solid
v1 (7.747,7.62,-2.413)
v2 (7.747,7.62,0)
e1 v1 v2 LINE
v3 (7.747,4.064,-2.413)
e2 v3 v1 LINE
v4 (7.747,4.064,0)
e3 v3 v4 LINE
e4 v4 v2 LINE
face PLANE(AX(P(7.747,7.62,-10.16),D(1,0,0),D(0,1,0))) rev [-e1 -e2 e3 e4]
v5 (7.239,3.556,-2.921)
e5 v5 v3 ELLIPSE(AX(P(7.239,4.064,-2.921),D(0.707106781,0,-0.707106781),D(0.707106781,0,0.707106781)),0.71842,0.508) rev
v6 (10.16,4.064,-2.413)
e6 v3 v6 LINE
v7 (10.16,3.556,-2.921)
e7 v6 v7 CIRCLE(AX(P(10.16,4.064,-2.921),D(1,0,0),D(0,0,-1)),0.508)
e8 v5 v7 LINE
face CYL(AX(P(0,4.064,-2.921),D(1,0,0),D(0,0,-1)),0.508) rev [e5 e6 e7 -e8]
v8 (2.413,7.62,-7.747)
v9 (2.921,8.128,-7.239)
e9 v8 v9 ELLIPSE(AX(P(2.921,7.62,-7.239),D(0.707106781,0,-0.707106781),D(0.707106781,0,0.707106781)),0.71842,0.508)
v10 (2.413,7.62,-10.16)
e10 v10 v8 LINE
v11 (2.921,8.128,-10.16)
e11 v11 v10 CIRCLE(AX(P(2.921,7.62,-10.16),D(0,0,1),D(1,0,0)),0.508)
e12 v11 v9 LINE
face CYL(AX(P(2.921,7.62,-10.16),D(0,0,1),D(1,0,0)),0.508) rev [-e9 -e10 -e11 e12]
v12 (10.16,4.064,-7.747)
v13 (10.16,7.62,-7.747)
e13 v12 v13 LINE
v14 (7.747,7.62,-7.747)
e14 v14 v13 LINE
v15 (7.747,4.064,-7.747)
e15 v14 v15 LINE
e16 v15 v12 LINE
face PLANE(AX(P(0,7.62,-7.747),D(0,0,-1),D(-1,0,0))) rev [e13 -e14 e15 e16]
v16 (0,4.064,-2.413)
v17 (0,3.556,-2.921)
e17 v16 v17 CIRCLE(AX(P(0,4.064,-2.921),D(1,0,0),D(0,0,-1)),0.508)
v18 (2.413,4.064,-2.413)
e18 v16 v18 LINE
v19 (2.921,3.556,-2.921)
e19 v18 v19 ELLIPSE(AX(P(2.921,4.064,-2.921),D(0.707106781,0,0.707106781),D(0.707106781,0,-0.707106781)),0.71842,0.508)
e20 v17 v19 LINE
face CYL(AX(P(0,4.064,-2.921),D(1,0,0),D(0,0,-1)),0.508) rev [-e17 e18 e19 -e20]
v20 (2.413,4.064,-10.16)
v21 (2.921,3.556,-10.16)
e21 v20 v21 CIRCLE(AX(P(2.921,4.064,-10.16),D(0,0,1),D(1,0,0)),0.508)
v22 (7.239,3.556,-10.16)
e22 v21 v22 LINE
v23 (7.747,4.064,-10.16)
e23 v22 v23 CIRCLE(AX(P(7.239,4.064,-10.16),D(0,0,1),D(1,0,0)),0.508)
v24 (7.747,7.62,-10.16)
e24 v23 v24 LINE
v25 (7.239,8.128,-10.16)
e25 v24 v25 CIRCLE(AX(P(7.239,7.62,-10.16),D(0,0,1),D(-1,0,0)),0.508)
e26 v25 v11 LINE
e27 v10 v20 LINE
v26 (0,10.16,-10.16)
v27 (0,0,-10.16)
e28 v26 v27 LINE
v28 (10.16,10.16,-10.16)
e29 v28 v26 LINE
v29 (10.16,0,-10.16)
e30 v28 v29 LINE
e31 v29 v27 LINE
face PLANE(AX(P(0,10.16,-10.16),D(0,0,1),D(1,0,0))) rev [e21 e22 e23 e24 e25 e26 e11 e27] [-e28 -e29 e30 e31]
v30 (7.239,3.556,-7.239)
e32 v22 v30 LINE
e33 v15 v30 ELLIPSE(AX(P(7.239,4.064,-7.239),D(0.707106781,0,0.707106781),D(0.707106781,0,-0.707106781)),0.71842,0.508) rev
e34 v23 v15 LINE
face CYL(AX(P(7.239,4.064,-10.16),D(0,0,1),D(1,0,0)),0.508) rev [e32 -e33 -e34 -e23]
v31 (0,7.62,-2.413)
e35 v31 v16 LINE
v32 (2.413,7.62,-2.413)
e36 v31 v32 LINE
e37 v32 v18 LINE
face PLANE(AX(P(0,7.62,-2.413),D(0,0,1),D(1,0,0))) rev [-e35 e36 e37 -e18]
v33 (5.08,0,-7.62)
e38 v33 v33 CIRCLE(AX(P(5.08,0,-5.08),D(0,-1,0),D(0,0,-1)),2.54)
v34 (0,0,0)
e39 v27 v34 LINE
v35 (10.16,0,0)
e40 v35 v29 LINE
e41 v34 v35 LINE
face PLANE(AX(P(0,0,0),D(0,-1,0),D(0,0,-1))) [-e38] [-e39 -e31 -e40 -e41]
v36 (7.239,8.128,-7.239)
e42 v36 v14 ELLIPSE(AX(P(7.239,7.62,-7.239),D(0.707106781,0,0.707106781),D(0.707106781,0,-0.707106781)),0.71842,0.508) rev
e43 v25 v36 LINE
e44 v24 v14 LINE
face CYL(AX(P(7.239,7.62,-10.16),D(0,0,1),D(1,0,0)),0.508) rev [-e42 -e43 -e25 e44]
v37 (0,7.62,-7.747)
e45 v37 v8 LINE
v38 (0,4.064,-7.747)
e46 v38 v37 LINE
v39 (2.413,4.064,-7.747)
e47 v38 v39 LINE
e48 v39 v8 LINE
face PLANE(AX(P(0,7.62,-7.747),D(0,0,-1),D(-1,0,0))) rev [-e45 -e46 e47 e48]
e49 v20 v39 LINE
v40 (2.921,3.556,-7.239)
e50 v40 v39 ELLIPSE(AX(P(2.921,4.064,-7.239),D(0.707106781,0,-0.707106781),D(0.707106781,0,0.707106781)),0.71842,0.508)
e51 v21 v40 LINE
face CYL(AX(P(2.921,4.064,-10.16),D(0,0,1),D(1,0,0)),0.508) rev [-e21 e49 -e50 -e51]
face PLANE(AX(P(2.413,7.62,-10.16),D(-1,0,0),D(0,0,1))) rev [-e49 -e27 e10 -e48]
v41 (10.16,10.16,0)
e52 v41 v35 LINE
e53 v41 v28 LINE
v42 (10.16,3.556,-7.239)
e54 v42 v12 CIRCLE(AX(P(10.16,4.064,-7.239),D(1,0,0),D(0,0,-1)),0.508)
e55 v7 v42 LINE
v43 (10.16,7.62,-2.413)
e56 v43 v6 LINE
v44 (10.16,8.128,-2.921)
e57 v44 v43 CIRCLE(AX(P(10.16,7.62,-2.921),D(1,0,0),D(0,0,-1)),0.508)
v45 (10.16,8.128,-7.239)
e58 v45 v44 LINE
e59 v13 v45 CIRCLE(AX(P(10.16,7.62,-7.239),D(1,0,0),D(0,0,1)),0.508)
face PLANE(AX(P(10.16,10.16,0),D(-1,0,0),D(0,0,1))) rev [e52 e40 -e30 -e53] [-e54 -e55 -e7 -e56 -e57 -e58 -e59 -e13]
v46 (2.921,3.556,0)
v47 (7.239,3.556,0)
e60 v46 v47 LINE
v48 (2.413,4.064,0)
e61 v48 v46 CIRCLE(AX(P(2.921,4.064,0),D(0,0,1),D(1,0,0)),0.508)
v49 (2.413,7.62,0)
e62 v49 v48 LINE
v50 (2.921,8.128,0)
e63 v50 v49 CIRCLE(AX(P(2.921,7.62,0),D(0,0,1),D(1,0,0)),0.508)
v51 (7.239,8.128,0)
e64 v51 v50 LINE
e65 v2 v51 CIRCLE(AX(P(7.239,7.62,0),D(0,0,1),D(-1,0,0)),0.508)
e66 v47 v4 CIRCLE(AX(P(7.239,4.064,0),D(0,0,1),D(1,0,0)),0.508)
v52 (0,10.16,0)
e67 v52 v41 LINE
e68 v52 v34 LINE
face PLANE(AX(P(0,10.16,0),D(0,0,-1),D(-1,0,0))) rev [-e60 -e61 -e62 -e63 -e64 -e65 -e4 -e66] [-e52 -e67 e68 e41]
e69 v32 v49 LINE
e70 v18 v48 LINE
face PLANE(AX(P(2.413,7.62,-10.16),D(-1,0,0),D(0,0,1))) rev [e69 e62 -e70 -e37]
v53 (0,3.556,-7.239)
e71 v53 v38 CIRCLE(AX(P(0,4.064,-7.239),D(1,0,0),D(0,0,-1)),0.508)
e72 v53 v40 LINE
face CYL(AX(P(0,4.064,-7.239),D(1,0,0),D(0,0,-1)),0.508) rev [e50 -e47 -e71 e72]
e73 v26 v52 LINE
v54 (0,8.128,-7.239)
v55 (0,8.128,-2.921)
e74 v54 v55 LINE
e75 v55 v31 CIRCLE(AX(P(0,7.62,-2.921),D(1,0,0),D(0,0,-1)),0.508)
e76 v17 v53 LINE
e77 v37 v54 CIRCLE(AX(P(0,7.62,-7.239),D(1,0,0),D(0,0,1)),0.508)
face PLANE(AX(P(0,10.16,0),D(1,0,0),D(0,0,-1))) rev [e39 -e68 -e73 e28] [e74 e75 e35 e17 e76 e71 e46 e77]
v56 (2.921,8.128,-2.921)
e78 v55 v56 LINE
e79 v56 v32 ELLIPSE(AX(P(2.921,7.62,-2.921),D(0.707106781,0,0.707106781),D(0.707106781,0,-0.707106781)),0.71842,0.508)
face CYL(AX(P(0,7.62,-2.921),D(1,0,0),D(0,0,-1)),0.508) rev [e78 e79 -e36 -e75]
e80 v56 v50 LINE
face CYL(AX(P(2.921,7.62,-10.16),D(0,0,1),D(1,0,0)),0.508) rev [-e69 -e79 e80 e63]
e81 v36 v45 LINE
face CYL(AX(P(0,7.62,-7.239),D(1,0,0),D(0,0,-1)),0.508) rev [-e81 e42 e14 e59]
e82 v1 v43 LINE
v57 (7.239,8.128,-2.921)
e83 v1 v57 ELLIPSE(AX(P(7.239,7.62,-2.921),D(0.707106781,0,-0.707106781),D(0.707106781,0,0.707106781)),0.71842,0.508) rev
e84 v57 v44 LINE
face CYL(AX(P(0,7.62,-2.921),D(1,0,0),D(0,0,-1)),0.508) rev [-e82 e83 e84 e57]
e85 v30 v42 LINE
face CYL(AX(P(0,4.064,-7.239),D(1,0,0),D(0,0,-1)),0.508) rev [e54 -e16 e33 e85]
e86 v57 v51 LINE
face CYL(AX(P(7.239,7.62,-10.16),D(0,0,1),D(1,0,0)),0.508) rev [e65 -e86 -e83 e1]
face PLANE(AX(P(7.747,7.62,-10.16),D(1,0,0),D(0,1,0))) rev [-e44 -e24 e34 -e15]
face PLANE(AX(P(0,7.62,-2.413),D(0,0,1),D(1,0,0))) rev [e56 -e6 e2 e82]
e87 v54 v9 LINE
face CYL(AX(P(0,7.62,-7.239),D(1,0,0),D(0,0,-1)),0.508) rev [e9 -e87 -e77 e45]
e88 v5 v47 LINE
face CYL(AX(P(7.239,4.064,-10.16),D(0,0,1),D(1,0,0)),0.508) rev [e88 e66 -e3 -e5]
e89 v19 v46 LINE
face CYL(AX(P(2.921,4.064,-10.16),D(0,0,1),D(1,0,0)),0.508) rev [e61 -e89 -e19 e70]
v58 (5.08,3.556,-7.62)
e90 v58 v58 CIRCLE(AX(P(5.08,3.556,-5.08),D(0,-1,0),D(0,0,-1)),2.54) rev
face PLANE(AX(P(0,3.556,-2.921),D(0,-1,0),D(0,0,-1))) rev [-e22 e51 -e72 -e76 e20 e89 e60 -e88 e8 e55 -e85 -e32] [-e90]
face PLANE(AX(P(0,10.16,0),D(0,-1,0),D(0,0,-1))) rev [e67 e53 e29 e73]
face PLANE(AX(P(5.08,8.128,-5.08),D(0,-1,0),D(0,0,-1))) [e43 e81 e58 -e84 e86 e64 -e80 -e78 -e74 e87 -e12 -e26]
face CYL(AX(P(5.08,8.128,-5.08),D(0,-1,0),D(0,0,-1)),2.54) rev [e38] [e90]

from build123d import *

# Parameters (mm, degrees)
SKETCH2_W           = 10.16
SKETCH2_H           = 10.16
BOSS_EXTRUDE1_DEPTH = 10.16
SKETCH3_R           = 2.54
CUT_EXTRUDE1_DEPTH  = 8.128
CUT_EXTRUDE2_DEPTH  = 10.16
CUT_EXTRUDE3_DEPTH  = 10.16


with BuildPart() as part:
    # Sketch2 → Boss-Extrude1 (new body)
    with BuildSketch(Plane(origin=(0, 0, 0), x_dir=(1, 0, 0), z_dir=(0, 1, 0))):
        with Locations((5.08, 5.08)):
            Rectangle(SKETCH2_W, SKETCH2_H)
    extrude(amount=BOSS_EXTRUDE1_DEPTH)

    # Sketch3 → Cut-Extrude1 (cut)
    with BuildSketch(Plane(origin=(0, 0, 0), x_dir=(-1, 0, 0), z_dir=(0, -1, 0))):
        with Locations((-5.08, 5.08)):
            Circle(SKETCH3_R)
    extrude(amount=-CUT_EXTRUDE1_DEPTH, mode=Mode.SUBTRACT)

    # Sketch6 → Cut-Extrude2 (cut)
    with BuildSketch(Plane(origin=(10.16, 0, 0), x_dir=(0, 0, -1), z_dir=(1, 0, 0))):
        with BuildLine():
            Line((2.921, 8.128), (7.239, 8.128))
            ThreePointArc((7.239, 8.128), (7.598210245, 7.979210245), (7.747, 7.62))
            Line((7.747, 7.62), (7.747, 4.064))
            ThreePointArc((7.747, 4.064), (7.598210245, 3.704789755), (7.239, 3.556))
            Line((7.239, 3.556), (2.921, 3.556))
            ThreePointArc((2.921, 3.556), (2.561789755, 3.704789755), (2.413, 4.064))
            Line((2.413, 4.064), (2.413, 7.62))
            ThreePointArc((2.413, 7.62), (2.561789755, 7.979210245), (2.921, 8.128))
        make_face()
    extrude(amount=-CUT_EXTRUDE2_DEPTH, mode=Mode.SUBTRACT)

    # Sketch4 → Cut-Extrude3 (cut)
    with BuildSketch(Plane.XY):
        with BuildLine():
            Line((2.921, 8.128), (7.239, 8.128))
            ThreePointArc((7.239, 8.128), (7.598210245, 7.979210245), (7.747, 7.62))
            Line((7.747, 7.62), (7.747, 4.064))
            ThreePointArc((7.747, 4.064), (7.598210245, 3.704789755), (7.239, 3.556))
            Line((7.239, 3.556), (2.921, 3.556))
            ThreePointArc((2.921, 3.556), (2.561789755, 3.704789755), (2.413, 4.064))
            Line((2.413, 4.064), (2.413, 7.62))
            ThreePointArc((2.413, 7.62), (2.561789755, 7.979210245), (2.921, 8.128))
        make_face()
    extrude(amount=-CUT_EXTRUDE3_DEPTH, mode=Mode.SUBTRACT)


solid = part.part
